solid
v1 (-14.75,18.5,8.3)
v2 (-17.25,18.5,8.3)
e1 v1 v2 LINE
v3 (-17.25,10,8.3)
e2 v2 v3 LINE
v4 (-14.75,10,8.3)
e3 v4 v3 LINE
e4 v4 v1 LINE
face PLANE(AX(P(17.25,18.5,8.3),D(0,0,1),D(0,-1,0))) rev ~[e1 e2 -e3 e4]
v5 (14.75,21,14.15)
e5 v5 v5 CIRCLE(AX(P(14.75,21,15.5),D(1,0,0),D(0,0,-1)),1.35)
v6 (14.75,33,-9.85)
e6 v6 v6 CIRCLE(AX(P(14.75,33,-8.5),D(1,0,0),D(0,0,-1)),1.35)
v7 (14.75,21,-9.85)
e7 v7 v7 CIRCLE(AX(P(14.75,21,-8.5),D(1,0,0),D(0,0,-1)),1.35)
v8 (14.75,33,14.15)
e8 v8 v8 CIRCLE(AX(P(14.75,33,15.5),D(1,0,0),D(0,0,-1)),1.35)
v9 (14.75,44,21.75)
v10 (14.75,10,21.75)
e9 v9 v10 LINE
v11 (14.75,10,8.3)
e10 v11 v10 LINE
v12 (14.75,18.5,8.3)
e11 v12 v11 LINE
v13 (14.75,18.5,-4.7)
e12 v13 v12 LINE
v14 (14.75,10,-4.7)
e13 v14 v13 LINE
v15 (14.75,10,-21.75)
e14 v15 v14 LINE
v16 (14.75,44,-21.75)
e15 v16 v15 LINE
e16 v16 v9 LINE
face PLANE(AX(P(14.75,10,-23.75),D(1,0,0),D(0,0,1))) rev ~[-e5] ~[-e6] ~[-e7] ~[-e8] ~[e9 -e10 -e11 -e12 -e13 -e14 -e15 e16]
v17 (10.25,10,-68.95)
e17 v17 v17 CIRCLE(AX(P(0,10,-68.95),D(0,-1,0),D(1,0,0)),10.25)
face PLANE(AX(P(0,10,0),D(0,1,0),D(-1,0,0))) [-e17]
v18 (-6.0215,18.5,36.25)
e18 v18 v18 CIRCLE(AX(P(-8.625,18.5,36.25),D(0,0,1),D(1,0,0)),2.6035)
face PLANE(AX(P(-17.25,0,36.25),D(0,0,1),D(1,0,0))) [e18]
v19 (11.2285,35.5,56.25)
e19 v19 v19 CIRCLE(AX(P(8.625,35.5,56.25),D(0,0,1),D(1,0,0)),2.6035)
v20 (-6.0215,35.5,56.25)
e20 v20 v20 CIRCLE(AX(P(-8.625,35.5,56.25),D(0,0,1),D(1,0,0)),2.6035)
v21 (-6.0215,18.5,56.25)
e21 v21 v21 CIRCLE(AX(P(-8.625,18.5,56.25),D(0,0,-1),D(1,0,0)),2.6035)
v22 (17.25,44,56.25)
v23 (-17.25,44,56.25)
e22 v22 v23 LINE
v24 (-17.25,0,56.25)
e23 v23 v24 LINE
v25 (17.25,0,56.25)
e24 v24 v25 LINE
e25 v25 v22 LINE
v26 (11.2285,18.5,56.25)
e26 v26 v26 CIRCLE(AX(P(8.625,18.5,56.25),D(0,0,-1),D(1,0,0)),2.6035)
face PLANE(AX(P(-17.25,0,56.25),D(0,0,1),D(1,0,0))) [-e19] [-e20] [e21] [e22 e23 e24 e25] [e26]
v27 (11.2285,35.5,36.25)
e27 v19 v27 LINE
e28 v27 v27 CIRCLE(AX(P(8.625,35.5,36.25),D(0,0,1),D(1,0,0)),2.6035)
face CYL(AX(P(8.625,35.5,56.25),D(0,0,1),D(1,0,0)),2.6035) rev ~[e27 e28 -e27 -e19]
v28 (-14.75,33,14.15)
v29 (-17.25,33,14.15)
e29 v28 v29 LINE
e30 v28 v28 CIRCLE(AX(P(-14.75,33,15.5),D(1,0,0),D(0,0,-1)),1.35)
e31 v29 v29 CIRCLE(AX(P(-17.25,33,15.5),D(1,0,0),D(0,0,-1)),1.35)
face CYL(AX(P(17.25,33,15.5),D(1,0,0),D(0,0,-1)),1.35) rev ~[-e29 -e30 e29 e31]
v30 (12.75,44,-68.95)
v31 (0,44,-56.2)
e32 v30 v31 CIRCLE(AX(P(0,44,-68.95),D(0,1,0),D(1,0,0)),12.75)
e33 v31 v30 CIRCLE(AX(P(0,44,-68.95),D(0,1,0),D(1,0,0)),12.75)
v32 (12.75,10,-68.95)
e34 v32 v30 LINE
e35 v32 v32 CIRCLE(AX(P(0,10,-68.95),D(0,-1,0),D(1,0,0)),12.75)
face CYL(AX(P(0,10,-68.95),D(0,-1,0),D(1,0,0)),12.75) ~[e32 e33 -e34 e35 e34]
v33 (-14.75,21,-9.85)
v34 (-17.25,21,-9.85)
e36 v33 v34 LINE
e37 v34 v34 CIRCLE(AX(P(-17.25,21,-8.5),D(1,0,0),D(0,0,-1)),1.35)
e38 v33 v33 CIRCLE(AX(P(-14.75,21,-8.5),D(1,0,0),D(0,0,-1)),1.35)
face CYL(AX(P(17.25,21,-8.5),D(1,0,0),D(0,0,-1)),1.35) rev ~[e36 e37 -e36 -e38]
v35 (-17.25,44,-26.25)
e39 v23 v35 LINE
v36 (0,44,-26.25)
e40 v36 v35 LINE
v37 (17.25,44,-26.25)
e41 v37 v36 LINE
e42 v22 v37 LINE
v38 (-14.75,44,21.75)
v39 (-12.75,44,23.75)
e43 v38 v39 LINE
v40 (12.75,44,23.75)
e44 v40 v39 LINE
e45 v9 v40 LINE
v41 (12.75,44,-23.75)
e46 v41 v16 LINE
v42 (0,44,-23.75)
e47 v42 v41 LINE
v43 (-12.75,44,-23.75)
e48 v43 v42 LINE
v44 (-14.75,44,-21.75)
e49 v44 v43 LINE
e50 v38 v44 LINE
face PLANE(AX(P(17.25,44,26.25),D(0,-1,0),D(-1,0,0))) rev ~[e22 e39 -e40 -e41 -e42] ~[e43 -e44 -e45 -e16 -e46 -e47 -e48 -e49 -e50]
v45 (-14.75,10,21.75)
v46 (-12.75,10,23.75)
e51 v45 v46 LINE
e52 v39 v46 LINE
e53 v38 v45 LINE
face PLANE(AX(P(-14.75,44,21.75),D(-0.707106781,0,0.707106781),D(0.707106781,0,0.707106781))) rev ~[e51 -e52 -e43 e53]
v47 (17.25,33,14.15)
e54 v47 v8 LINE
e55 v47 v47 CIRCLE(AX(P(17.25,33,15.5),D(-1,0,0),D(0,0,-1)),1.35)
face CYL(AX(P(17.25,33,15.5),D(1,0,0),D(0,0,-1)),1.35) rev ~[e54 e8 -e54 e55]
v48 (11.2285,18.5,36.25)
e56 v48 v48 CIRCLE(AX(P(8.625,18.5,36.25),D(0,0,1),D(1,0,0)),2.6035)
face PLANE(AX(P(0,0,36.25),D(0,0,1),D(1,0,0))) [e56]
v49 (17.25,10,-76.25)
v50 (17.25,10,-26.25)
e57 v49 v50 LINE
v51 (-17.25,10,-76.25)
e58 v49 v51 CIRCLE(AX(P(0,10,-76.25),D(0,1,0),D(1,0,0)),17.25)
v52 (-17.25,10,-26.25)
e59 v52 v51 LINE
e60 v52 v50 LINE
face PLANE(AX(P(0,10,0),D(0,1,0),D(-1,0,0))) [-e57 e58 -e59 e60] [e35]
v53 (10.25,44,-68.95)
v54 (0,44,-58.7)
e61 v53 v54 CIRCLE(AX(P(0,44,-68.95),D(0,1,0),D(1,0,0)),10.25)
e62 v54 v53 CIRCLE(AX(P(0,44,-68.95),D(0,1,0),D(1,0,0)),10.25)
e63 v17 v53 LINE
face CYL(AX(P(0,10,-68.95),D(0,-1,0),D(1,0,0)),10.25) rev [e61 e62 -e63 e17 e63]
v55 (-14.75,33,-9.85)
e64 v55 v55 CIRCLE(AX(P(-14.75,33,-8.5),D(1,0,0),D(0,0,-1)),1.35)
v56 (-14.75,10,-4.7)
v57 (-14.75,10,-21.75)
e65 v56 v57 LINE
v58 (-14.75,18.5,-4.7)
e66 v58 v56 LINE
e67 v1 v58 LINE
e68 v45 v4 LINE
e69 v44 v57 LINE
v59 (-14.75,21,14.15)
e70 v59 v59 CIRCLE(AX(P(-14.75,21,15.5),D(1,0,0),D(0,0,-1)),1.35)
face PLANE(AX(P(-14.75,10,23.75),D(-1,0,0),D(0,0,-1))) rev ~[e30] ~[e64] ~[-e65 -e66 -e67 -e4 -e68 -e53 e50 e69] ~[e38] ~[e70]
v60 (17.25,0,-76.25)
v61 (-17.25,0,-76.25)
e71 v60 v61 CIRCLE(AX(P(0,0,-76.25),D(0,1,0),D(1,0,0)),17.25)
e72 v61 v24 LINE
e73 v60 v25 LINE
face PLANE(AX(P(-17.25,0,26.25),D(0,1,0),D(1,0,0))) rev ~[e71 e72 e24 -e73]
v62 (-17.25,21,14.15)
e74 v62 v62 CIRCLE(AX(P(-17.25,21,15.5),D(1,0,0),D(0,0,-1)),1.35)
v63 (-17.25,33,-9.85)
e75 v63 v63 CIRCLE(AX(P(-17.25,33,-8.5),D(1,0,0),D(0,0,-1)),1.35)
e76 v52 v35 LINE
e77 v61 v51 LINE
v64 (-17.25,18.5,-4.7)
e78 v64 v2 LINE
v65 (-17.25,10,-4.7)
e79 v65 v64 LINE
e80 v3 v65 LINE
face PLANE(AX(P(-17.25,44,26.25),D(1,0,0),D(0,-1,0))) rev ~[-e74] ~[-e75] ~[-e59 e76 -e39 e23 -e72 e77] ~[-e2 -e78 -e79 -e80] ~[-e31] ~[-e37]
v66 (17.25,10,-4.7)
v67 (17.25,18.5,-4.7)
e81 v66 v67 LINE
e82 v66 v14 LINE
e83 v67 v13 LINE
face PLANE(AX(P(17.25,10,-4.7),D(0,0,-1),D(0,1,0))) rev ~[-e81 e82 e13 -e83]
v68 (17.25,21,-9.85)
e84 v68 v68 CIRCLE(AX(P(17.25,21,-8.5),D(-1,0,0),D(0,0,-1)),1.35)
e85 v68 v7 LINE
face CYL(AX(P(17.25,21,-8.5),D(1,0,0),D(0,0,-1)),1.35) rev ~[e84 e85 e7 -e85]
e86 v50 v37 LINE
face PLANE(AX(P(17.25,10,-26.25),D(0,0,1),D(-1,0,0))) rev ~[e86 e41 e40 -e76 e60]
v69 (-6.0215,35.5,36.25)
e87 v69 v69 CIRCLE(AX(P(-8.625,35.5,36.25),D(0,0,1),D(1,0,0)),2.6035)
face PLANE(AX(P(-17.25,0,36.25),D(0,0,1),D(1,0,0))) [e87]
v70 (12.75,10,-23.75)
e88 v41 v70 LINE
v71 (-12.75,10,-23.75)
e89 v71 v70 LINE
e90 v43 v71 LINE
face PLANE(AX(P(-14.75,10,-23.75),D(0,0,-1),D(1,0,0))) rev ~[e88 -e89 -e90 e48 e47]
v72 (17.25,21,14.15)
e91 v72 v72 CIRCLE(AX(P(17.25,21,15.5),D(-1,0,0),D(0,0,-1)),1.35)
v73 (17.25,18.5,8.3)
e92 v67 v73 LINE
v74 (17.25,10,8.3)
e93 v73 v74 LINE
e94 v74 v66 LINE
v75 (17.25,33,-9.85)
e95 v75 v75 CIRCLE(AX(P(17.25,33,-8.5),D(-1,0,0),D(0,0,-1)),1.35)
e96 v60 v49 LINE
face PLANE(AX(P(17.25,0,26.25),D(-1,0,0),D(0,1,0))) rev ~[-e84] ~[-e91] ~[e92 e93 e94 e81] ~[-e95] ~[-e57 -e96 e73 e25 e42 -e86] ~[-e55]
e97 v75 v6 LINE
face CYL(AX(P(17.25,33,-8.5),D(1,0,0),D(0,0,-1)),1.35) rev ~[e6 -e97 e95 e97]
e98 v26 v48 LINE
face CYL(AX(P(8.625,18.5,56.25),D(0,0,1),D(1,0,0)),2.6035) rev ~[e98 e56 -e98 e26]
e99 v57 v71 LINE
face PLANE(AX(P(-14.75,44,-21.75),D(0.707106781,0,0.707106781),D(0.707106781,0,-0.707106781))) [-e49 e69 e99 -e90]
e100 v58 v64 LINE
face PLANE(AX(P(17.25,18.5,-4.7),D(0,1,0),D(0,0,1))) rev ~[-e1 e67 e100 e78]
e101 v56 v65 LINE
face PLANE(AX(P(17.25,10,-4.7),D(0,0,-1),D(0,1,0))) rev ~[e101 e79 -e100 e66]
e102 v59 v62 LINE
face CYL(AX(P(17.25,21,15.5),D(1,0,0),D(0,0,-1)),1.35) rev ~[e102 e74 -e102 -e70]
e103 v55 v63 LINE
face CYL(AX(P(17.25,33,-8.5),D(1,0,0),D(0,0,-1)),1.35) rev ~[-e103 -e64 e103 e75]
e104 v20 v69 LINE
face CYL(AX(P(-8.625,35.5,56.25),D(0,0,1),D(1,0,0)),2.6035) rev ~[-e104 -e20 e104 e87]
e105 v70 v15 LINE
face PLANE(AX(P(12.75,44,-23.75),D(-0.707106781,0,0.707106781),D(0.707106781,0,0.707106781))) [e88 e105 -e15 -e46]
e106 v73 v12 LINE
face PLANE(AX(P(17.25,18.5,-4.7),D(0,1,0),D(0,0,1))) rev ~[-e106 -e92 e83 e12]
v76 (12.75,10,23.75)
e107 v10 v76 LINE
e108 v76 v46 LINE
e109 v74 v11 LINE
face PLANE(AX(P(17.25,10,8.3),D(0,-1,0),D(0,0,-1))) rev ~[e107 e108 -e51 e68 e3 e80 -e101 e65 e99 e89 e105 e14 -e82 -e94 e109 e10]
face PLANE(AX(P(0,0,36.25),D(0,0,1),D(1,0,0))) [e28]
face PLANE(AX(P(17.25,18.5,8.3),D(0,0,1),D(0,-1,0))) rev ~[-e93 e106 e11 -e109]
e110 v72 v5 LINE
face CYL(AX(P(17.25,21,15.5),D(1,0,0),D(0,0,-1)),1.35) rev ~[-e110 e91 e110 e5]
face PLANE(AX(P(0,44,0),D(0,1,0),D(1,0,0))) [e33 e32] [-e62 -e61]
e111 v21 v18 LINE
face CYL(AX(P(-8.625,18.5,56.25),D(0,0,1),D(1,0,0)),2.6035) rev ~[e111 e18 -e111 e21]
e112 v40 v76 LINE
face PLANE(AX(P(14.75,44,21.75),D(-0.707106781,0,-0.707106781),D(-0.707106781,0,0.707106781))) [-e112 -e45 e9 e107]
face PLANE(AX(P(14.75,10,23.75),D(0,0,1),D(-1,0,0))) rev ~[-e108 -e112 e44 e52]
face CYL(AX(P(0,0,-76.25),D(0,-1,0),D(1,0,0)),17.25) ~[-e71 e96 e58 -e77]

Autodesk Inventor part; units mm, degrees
ref_plane "YZ Plane" through (0, 0, 0) normal (1, 0, 0) x (0, 1, 0)
ref_plane "XZ Plane" through (0, 0, 0) normal (0, 1, 0) x (-1, 0, 0)
ref_plane "XY Plane" through (0, 0, 0) normal (0, 0, 1) x (1, 0, 0)
sketch "Sketch1" plane through (0, 0, 0) normal (0, 1, 0) x (-1, 0, 0)
  line L0 (-17.25, 26.25) -> (17.25, 26.25)
  line L1 (17.25, 26.25) -> (17.25, -26.25)
  line L2 (17.25, -26.25) -> (-17.25, -26.25)
  line L3 (-17.25, -26.25) -> (-17.25, 26.25)
  line L4 (-17.25, 26.25) -> (17.25, -26.25) construction
  line L5 (17.25, 26.25) -> (-17.25, -26.25) construction
  line L6 (17.25, -26.25) -> (-17.25, -26.25)
  line L7 (-17.25, -26.25) -> (-17.25, -76.25)
  line L8 (-17.25, -76.25) -> (17.25, -76.25)
  line L9 (17.25, -76.25) -> (17.25, -26.25)
  arc A0 (-17.25, -76.25) -> (17.25, -76.25) centre (0, -76.25) ccw
  point P0 (0, 0)
  dimension "d0" = 34.5
  dimension "d1" = 52.5
  dimension "d4" = 50
extrude "Floor" add sketch "Sketch1" along normal blind 10
sketch "Sketch3" plane through (0, 10, 0) normal (0, 1, 0) x (1, 0, 0)
  arc A0 (17.25, 76.25) -> (-17.25, 76.25) centre (0, 76.25) ccw
  circle A1 centre (0, 68.95) radius 10.25
  circle A2 centre (0, 68.95) radius 12.75
  line L0 (14.75, -23.75) -> (-14.75, -23.75)
  line L1 (-14.75, -23.75) -> (-14.75, 23.75)
  line L2 (-14.75, 23.75) -> (14.75, 23.75)
  line L3 (14.75, 23.75) -> (14.75, -23.75)
  line L4 (14.75, -23.75) -> (-14.75, 23.75) construction
  line L5 (-14.75, -23.75) -> (14.75, 23.75) construction
  line L6 (17.25, 26.25) -> (-17.25, 26.25)
  line L7 (-17.25, 26.25) -> (-17.25, -26.25)
  line L8 (-17.25, -26.25) -> (17.25, -26.25)
  line L9 (17.25, -26.25) -> (17.25, 26.25)
  line L10 (17.25, 26.25) -> (-17.25, -26.25) construction
  line L11 (-17.25, 26.25) -> (17.25, -26.25) construction
  line L12 (0, 23.75) -> (0, 68.95)
  point P0 (0, 0)
  dimension "d14" = 20.5
  dimension "d18" = 29.5
  dimension "d19" = 47.5
  dimension "d38" = 45.2
  dimension "d54" = 25.5
extrude "Slots" add sketch "Sketch3" along normal blind 34
sketch "Sketch4" plane through (17.25, 0, 26.25) normal (1, 0, 0) x (0, 0, -1)
  line L0 (2.5, 10) -> (50, 10)
  line L1 (50, 10) -> (50, 44)
  line L2 (50, 44) -> (2.5, 44)
  line L3 (2.5, 44) -> (2.5, 10)
  line L4 (26.25, 10) -> (38.25, 10)
  line L5 (2.5, 10) -> (50, 10) projected
  line L6 (38.25, 10) -> (14.25, 10)
  line L7 (10.75, 33) -> (34.75, 33)
  line L8 (34.75, 33) -> (34.75, 21)
  line L9 (34.75, 21) -> (10.75, 21)
  line L10 (10.75, 21) -> (10.75, 33)
  line L11 (10.75, 33) -> (34.75, 21) construction
  line L12 (34.75, 33) -> (10.75, 21) construction
  circle A0 centre (10.75, 33) radius 1.35
  circle A1 centre (34.75, 33) radius 1.35
  circle A2 centre (34.75, 21) radius 1.35
  circle A3 centre (10.75, 21) radius 1.35
  line L13 (50, 10) -> (50, 44) projected
  line L14 (50, 27) -> (34.75, 27)
  line L15 (34.75, 27) -> (22.75, 27)
  point P0 (26.25, 0)
  point P1 (22.75, 27)
  dimension "d24" = 12
  dimension "d25" = 24
  dimension "d26" = 2.7
  dimension "d27" = 2.7
  dimension "d28" = 2.7
  dimension "d29" = 2.7
  dimension "d56" = 15.25
  dimension "d57" = 12
extrude "Screws/Sides" cut sketch "Sketch4" against normal through all contours A1 L7 L8 | L8 L7 A1 | A2 L9 L8 | L8 L9 A2 | A0 L10 L7 | L7 L10 A0 | A3 L10 L9 | L9 L10 A3
sketch "Sketch5" plane through (0, 44, 0) normal (0, 1, 0) x (1, 0, 0)
  line L0 (14.75, -21.75) -> (-14.75, -21.75)
  line L1 (-14.75, -21.75) -> (-14.75, 21.75)
  line L2 (-14.75, 21.75) -> (14.75, 21.75)
  line L3 (14.75, 21.75) -> (14.75, -21.75)
  line L4 (14.75, -21.75) -> (-14.75, 21.75) construction
  line L5 (-14.75, -21.75) -> (14.75, 21.75) construction
  line L6 (12.75, 23.75) -> (-12.75, 23.75)
  line L7 (-12.75, 23.75) -> (-12.75, -23.75)
  line L8 (-12.75, -23.75) -> (12.75, -23.75)
  line L9 (12.75, -23.75) -> (12.75, 23.75)
  line L10 (12.75, 23.75) -> (-12.75, -23.75) construction
  line L11 (-12.75, 23.75) -> (12.75, -23.75) construction
  line L12 (-12.75, 21.75) -> (-14.75, 21.75)
  line L13 (12.75, 23.75) -> (12.75, 21.75)
  line L14 (12.75, -21.75) -> (14.75, -21.75)
  line L15 (12.75, -23.75) -> (12.75, -21.75)
  line L16 (-14.75, -21.75) -> (-14.75, -23.75)
  line L17 (-14.75, -23.75) -> (-12.75, -23.75)
  line L18 (-14.75, -21.75) -> (-12.75, -23.75)
  line L19 (-14.75, -23.75) -> (-14.75, -21.75)
  line L20 (-14.75, 21.75) -> (-12.75, 23.75)
  line L21 (-14.75, 23.75) -> (-14.75, 21.75)
  line L22 (-14.75, -23.75) -> (-14.75, 23.75) projected
  line L23 (12.75, 23.75) -> (14.75, 23.75)
  line L24 (14.75, 23.75) -> (14.75, 21.75)
  line L25 (12.75, 23.75) -> (14.75, 21.75)
  line L26 (14.75, 23.75) -> (12.75, 23.75)
  line L27 (14.75, -23.75) -> (12.75, -23.75)
  line L28 (14.75, -23.75) -> (-14.75, -23.75) projected
  line L29 (14.75, -21.75) -> (12.75, -23.75)
  line L30 (14.75, -23.75) -> (14.75, -21.75)
  line L31 (14.75, 23.75) -> (14.75, -23.75) projected
  line L32 (-14.75, 23.75) -> (-12.75, 23.75)
  line L33 (14.75, 23.75) -> (-14.75, 23.75) projected
  point P0 (0, 0)
  dimension "d32" = 43.5
  dimension "d33" = 25.5
extrude "Servo Corners" add sketch "Sketch5" against normal blind 34 contours L30 L27 L29 | L25 L23 L24 | L17 L16 L18 | L20 L21 L32
sketch "Sketch6" plane through (0, 44, 0) normal (0, 1, 0) x (1, 0, 0)
  line L0 (-12.75, 23.75) -> (12.75, 23.75) projected
  line L1 (0, 23.75) -> (0, 12.5)
  circle A0 centre (0, 68.95) radius 10.25 projected
  line L2 (0, 12.5) -> (0, 68.95)
  point P0 (0, 0)
  dimension "d36" = 11.25
  dimension "d37" = 56.45
sketch "Sketch7" plane through (-17.25, 0, 26.25) normal (0, 0, 1) x (1, 0, 0)
  line L0 (0, 0) -> (34.5, 0)
  line L1 (34.5, 0) -> (34.5, 44)
  line L2 (34.5, 44) -> (0, 44)
  line L3 (0, 44) -> (0, 0)
  point P0 (17.25, 0)
extrude "Mount Extension" add sketch "Sketch7" along normal blind 30
sketch "Sketch8" plane through (-17.25, 0, 56.25) normal (0, 0, 1) x (1, 0, 0)
  line L0 (17.25, 0) -> (17.25, 10)
  line L1 (30, 44) -> (4.5, 44) projected
  line L2 (17.25, 27) -> (17.25, 35.5)
  line L3 (34.5, 10) -> (34.5, 44) projected
  line L4 (0, 10) -> (0, 44) projected
  line L5 (17.25, 35.5) -> (8.625, 35.5)
  circle A0 centre (8.625, 35.5) radius 2.6035
  line L6 (17.25, 10) -> (8.625, 10)
  line L7 (30, 10) -> (4.5, 10) projected
  line L8 (8.625, 10) -> (8.625, 18.5)
  circle A1 centre (8.625, 18.5) radius 2.6035
  line L9 (34.5, 35.5) -> (25.875, 35.5)
  dimension "d41" = 10
  dimension "d42" = 5.207
  dimension "d43" = 8.5
  dimension "d44" = 5.207
  dimension "d47" = 8.625
extrude "Mount Holes" cut sketch "Sketch8" against normal blind 20
pattern_linear "Rectangular Pattern1" count 2 spacing 17.25 along (1, 0, 0) of "Mount Holes"
sketch "Sketch11" plane through (17.25, 0, -76.25) normal (1, 0, 0) x (0, 0, -1)
  line L0 (-84.55, 10) -> (-71.55, 10)
  line L1 (-71.55, 10) -> (-71.55, 18.5)
  line L2 (-71.55, 18.5) -> (-84.55, 18.5)
  line L3 (-84.55, 18.5) -> (-84.55, 10)
  circle A0 centre (-67.75, 21) radius 1.35 projected
  line L4 (-67.75, 21) -> (-67.75, 10)
  line L5 (-98, 10) -> (-54.5, 10) projected
  line L6 (-67.75, 10) -> (-71.55, 10)
  point P0 (-76.25, 0)
  dimension "d58" = 13
  dimension "d59" = 8.5
  dimension "d60" = 3.8
extrude "Wiring Holes" cut sketch "Sketch11" against normal through all contours L3 L2 L1 L0
sketch "Sketch12" plane through (0, 44, 0) normal (0, 1, 0) x (1, 0, 0)
  line L0 (14.75, -23.75) -> (-14.75, -23.75)
  line L1 (-14.75, -23.75) -> (-14.75, 23.75)
  line L2 (-14.75, 23.75) -> (14.75, 23.75)
  line L3 (14.75, 23.75) -> (14.75, -23.75)
  line L4 (14.75, -23.75) -> (-14.75, 23.75) construction
  line L5 (-14.75, -23.75) -> (14.75, 23.75) construction
  point P0 (0, 0)
  dimension "d63" = 29.5
  dimension "d64" = 47.5
properties part number "JointBase3DPrint"
